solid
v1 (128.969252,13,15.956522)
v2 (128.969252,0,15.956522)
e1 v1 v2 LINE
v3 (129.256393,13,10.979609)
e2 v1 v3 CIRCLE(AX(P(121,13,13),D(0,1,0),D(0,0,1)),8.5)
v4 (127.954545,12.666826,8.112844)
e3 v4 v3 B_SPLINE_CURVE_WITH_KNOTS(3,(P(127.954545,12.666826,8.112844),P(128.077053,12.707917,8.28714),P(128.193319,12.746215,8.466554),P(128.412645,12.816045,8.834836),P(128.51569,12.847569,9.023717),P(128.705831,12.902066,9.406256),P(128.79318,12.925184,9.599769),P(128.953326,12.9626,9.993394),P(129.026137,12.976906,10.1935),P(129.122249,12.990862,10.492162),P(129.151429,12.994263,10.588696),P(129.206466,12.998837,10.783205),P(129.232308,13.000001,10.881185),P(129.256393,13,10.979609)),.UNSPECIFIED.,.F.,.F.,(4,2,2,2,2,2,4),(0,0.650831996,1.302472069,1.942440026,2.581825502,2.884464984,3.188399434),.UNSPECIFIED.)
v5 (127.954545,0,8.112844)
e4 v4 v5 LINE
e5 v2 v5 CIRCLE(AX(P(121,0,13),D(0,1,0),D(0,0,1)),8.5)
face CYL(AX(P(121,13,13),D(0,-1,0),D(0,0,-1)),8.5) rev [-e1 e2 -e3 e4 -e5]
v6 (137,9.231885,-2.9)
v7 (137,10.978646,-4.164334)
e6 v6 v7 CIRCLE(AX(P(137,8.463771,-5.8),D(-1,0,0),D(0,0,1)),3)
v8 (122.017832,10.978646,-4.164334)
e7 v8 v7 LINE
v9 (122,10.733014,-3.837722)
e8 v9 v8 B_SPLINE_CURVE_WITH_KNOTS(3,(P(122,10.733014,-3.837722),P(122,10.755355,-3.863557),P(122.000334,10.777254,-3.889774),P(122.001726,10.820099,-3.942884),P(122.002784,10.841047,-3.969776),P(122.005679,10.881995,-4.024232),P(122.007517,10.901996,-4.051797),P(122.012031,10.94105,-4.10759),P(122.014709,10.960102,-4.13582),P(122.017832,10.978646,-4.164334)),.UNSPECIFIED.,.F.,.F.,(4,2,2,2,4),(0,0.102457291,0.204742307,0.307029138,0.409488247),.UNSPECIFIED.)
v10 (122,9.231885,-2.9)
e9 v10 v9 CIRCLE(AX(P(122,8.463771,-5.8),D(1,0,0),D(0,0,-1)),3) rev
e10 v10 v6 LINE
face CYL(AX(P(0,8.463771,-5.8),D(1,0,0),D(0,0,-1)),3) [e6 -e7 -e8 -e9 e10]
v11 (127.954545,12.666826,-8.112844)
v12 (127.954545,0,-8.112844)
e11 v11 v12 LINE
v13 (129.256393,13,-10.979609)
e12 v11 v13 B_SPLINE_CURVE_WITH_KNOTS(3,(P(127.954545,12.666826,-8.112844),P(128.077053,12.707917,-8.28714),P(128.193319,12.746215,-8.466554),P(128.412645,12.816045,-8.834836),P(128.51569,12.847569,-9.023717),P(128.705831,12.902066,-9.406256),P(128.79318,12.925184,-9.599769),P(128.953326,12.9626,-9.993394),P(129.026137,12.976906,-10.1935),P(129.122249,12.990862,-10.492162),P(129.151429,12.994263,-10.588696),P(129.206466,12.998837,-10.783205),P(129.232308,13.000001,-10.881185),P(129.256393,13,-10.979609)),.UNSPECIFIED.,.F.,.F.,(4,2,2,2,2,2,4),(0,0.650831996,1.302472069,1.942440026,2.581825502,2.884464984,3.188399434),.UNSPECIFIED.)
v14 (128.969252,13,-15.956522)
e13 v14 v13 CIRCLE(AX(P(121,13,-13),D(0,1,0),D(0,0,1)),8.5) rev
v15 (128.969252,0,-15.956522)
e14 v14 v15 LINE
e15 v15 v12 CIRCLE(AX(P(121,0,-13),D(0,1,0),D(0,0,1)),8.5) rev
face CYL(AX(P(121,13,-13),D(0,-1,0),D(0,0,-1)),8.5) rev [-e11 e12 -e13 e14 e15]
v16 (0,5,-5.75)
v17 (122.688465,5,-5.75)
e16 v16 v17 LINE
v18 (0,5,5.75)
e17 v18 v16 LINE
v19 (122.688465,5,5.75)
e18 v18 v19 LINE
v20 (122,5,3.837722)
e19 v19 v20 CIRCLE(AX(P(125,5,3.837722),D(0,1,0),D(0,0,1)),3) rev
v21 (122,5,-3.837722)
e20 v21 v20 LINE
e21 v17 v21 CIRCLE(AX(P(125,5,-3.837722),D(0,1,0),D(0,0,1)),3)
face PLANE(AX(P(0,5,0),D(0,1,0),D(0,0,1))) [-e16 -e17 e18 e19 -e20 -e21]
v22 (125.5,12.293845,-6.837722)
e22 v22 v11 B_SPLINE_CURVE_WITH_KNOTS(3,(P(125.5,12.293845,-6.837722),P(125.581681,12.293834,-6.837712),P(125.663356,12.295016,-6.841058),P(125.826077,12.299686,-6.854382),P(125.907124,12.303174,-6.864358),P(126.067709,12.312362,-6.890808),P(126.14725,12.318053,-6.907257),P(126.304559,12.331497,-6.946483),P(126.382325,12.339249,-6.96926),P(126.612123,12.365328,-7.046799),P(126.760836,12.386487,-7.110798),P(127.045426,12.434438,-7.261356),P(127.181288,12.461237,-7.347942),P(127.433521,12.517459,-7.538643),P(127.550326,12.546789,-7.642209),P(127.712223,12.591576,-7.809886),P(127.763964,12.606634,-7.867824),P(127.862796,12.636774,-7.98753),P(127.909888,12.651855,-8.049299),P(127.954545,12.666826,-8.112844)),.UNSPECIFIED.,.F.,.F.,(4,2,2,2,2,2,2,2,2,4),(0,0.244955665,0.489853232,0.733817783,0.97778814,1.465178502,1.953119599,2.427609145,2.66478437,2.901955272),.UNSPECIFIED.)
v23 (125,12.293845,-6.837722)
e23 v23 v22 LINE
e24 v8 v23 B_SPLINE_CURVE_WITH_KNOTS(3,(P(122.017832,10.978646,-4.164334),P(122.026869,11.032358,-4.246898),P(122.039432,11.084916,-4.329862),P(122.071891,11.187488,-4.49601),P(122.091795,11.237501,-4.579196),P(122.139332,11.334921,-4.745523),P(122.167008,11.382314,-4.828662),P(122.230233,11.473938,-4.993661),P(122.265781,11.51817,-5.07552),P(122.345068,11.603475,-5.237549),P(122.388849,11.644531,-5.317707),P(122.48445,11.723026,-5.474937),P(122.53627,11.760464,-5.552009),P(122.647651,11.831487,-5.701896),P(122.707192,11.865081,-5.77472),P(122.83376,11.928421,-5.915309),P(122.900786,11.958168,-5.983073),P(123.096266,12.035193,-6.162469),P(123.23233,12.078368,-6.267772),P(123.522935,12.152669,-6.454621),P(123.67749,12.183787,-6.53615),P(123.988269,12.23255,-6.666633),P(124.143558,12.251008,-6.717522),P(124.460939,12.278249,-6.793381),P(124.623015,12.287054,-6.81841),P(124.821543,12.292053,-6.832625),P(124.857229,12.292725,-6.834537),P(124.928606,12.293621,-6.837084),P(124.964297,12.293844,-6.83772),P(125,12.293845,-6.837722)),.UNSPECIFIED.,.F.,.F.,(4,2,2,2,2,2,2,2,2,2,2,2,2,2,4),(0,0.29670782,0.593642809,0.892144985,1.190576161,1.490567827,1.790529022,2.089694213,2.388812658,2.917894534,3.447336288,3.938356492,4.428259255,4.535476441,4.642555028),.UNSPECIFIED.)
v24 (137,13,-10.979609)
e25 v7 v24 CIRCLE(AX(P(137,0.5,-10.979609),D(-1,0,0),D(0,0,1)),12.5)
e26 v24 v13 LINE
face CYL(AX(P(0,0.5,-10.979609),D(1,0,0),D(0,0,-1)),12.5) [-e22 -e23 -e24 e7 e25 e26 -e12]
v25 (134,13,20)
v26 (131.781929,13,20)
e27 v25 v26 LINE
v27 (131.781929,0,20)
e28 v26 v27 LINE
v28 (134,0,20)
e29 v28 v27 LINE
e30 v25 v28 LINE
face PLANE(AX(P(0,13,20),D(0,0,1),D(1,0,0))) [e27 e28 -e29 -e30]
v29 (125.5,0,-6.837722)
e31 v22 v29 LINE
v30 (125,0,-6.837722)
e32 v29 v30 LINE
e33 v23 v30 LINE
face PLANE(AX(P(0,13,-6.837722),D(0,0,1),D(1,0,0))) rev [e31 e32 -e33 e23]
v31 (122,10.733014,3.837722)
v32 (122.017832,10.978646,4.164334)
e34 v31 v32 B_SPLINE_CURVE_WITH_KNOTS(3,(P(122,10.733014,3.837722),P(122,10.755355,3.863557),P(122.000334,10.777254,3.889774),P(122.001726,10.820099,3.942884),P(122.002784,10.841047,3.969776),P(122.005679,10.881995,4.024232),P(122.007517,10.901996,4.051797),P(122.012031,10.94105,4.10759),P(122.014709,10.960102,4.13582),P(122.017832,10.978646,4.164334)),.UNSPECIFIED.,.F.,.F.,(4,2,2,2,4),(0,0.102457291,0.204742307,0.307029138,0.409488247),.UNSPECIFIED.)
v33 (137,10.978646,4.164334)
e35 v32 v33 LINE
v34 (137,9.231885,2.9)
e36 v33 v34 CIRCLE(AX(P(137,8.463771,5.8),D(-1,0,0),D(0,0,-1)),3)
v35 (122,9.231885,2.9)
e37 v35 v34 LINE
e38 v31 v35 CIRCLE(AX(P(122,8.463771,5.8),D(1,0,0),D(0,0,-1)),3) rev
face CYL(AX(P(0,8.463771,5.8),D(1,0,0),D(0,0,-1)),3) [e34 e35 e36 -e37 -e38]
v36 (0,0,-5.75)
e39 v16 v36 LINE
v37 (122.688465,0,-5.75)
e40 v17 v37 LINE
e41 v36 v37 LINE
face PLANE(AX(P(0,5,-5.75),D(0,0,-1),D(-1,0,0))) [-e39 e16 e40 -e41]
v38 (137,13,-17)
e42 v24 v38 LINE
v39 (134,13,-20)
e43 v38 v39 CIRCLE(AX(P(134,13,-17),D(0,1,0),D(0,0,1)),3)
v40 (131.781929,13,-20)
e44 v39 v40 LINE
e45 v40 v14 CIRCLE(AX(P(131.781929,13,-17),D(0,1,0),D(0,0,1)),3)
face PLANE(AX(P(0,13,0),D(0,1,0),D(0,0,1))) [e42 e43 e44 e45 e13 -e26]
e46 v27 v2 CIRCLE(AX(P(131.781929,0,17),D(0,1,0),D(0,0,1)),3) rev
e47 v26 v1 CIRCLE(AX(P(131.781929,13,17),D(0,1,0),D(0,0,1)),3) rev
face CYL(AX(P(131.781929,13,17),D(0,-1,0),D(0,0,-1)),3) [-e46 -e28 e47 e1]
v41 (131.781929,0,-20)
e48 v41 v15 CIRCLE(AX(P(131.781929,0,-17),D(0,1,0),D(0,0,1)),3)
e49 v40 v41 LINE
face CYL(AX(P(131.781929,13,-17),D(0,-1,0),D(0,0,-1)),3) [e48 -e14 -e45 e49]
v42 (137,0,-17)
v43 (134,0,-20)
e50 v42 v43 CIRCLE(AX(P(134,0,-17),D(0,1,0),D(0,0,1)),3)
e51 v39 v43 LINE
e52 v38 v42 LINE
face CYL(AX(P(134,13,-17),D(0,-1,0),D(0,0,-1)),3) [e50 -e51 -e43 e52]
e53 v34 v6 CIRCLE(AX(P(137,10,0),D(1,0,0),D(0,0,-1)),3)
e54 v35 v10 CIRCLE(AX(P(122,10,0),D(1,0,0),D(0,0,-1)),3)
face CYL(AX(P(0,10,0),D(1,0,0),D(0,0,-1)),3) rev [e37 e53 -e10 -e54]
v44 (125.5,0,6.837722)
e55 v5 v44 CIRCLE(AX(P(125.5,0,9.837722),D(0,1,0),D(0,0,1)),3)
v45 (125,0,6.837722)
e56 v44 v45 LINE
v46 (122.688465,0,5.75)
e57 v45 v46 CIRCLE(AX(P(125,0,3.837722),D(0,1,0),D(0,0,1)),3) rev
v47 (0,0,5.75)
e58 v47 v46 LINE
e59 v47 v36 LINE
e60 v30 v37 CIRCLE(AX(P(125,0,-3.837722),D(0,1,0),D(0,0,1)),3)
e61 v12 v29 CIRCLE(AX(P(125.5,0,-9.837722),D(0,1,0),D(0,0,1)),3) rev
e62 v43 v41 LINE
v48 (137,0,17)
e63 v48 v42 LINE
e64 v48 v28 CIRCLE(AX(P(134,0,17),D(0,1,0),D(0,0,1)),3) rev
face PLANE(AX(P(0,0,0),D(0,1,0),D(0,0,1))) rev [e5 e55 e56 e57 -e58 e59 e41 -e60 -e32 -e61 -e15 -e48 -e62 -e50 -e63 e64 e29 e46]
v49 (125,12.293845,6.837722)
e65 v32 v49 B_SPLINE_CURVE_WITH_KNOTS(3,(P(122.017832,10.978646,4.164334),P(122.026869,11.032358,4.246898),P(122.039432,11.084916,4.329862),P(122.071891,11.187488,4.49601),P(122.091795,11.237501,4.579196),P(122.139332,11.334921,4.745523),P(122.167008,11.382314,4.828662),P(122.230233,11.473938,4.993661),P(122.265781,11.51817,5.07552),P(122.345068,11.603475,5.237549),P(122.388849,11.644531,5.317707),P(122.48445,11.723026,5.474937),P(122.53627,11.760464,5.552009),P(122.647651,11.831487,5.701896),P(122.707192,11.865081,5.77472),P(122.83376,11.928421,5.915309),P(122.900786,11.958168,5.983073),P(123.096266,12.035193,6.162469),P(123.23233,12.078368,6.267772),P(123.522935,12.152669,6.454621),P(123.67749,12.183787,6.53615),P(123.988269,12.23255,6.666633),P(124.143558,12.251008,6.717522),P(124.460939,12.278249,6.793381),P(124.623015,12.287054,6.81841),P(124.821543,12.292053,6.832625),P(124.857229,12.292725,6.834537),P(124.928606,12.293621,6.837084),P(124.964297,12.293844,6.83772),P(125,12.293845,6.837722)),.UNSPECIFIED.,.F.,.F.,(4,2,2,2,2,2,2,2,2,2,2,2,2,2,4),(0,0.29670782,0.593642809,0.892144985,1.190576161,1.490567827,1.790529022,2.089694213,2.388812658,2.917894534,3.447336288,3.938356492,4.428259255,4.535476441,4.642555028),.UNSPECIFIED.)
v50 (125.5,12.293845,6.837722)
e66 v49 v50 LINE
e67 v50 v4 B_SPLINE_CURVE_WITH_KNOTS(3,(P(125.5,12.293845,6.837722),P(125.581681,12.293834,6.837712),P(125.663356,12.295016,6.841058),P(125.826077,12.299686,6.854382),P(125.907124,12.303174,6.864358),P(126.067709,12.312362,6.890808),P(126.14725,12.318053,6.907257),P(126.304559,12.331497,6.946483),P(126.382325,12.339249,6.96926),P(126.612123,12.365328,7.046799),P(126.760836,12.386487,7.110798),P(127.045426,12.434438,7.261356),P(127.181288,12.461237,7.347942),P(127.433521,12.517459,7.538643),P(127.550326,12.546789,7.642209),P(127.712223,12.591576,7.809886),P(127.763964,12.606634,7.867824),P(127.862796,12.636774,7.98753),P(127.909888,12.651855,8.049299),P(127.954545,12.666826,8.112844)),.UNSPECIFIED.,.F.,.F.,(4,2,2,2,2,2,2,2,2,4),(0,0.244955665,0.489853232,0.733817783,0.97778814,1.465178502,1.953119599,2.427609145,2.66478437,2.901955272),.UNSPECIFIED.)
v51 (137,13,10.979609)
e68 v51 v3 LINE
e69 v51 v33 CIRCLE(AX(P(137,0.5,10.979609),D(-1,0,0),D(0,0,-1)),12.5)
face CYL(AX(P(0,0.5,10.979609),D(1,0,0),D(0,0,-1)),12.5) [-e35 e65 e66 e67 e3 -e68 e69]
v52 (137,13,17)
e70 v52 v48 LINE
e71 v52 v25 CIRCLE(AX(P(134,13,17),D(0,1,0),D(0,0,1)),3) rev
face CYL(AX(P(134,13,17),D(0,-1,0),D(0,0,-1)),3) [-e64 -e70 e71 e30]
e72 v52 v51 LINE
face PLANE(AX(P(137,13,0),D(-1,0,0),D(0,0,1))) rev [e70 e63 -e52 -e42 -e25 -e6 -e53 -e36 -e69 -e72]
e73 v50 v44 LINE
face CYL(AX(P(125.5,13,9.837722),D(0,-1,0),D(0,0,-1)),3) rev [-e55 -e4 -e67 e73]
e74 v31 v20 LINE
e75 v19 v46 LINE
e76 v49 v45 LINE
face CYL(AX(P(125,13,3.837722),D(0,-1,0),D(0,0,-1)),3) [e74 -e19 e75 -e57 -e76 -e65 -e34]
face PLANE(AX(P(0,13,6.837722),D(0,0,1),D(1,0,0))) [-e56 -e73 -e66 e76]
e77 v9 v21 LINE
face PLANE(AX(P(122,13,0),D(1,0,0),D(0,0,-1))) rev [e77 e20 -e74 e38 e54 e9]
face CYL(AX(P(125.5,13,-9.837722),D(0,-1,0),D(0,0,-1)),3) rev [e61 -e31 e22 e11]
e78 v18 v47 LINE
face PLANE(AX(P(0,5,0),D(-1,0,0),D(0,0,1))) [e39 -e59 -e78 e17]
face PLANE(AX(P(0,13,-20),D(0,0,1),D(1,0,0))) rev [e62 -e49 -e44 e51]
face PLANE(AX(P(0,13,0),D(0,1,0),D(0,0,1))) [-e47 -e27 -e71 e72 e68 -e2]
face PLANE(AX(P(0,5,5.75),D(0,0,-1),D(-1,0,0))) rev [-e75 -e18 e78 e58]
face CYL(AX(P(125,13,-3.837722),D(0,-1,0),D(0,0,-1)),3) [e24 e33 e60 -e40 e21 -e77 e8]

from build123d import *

# Parameters (mm, degrees)
EXTRUDE_1_DEPTH     = 13
EXTRUDE_2_DEPTH     = 5
CUT_EXTRUDE_1_DEPTH = 140.061137634


with BuildPart() as part:
    # 草图1 → 凸台-拉伸1 (new body)
    with BuildSketch(Plane(origin=(0, 0, 0), x_dir=(1, 0, 0), z_dir=(0, 1, 0))):
        with BuildLine():
            Line((122, 3.83772234), (122, -3.83772234))
            ThreePointArc((122, -3.83772234), (122.878679656, -5.959042683), (125, -6.83772234))
            Line((125, -6.83772234), (125.5, -6.83772234))
            ThreePointArc((125.5, -6.83772234), (126.882997438, -7.175520603), (127.954545455, -8.112843616))
            ThreePointArc((127.954545455, -8.112843616), (129.429754152, -11.909474928), (128.969252111, -15.956521739))
            ThreePointArc((128.969252111, -15.956521739), (129.319163119, -18.713120722), (131.781929326, -20))
            Line((131.781929326, -20), (134, -20))
            ThreePointArc((134, -20), (136.121320344, -19.121320344), (137, -17))
            Line((137, -17), (137, 17))
            ThreePointArc((137, 17), (136.121320344, 19.121320344), (134, 20))
            Line((134, 20), (131.781929326, 20))
            ThreePointArc((131.781929326, 20), (129.319163119, 18.713120722), (128.969252111, 15.956521739))
            ThreePointArc((128.969252111, 15.956521739), (129.429754152, 11.909474928), (127.954545455, 8.112843616))
            ThreePointArc((127.954545455, 8.112843616), (126.882997438, 7.175520603), (125.5, 6.83772234))
            Line((125.5, 6.83772234), (125, 6.83772234))
            ThreePointArc((125, 6.83772234), (122.878679656, 5.959042683), (122, 3.83772234))
        make_face()
    extrude(amount=EXTRUDE_1_DEPTH)

    # 草图1<3> → 凸台-拉伸2 (add)
    with BuildSketch(Plane(origin=(0, 0, 0), x_dir=(1, 0, 0), z_dir=(0, 1, 0))):
        with BuildLine():
            Line((0, 5.75), (0, -5.75))
            Line((0, -5.75), (122.68846498, -5.75))
            ThreePointArc((122.68846498, -5.75), (122.177358944, -4.853939575), (122, -3.83772234))
            Line((122, -3.83772234), (122, 3.83772234))
            ThreePointArc((122, 3.83772234), (122.177358944, 4.853939575), (122.68846498, 5.75))
            Line((122.68846498, 5.75), (0, 5.75))
        make_face()
    extrude(amount=EXTRUDE_2_DEPTH)

    # 草图2 → 切除-拉伸1 (cut, through all)
    with BuildSketch(Plane(origin=(137, 0, 0), x_dir=(0, 0, -1), z_dir=(1, 0, 0))):
        with BuildLine():
            Line((-10.979609429, 13), (10.979609429, 13))
            ThreePointArc((10.979609429, 13), (7.425251062, 12.484011707), (4.164333864, 10.978645856))
            ThreePointArc((4.164333864, 10.978645856), (3.369802513, 10.222787671), (2.9, 9.231885425))
            ThreePointArc((2.9, 9.231885425), (0, 7), (-2.9, 9.231885425))
            ThreePointArc((-2.9, 9.231885425), (-3.369802513, 10.222787671), (-4.164333864, 10.978645856))
            ThreePointArc((-4.164333864, 10.978645856), (-7.425251062, 12.484011707), (-10.979609429, 13))
        make_face()
    extrude(amount=-CUT_EXTRUDE_1_DEPTH, mode=Mode.SUBTRACT)


solid = part.part
